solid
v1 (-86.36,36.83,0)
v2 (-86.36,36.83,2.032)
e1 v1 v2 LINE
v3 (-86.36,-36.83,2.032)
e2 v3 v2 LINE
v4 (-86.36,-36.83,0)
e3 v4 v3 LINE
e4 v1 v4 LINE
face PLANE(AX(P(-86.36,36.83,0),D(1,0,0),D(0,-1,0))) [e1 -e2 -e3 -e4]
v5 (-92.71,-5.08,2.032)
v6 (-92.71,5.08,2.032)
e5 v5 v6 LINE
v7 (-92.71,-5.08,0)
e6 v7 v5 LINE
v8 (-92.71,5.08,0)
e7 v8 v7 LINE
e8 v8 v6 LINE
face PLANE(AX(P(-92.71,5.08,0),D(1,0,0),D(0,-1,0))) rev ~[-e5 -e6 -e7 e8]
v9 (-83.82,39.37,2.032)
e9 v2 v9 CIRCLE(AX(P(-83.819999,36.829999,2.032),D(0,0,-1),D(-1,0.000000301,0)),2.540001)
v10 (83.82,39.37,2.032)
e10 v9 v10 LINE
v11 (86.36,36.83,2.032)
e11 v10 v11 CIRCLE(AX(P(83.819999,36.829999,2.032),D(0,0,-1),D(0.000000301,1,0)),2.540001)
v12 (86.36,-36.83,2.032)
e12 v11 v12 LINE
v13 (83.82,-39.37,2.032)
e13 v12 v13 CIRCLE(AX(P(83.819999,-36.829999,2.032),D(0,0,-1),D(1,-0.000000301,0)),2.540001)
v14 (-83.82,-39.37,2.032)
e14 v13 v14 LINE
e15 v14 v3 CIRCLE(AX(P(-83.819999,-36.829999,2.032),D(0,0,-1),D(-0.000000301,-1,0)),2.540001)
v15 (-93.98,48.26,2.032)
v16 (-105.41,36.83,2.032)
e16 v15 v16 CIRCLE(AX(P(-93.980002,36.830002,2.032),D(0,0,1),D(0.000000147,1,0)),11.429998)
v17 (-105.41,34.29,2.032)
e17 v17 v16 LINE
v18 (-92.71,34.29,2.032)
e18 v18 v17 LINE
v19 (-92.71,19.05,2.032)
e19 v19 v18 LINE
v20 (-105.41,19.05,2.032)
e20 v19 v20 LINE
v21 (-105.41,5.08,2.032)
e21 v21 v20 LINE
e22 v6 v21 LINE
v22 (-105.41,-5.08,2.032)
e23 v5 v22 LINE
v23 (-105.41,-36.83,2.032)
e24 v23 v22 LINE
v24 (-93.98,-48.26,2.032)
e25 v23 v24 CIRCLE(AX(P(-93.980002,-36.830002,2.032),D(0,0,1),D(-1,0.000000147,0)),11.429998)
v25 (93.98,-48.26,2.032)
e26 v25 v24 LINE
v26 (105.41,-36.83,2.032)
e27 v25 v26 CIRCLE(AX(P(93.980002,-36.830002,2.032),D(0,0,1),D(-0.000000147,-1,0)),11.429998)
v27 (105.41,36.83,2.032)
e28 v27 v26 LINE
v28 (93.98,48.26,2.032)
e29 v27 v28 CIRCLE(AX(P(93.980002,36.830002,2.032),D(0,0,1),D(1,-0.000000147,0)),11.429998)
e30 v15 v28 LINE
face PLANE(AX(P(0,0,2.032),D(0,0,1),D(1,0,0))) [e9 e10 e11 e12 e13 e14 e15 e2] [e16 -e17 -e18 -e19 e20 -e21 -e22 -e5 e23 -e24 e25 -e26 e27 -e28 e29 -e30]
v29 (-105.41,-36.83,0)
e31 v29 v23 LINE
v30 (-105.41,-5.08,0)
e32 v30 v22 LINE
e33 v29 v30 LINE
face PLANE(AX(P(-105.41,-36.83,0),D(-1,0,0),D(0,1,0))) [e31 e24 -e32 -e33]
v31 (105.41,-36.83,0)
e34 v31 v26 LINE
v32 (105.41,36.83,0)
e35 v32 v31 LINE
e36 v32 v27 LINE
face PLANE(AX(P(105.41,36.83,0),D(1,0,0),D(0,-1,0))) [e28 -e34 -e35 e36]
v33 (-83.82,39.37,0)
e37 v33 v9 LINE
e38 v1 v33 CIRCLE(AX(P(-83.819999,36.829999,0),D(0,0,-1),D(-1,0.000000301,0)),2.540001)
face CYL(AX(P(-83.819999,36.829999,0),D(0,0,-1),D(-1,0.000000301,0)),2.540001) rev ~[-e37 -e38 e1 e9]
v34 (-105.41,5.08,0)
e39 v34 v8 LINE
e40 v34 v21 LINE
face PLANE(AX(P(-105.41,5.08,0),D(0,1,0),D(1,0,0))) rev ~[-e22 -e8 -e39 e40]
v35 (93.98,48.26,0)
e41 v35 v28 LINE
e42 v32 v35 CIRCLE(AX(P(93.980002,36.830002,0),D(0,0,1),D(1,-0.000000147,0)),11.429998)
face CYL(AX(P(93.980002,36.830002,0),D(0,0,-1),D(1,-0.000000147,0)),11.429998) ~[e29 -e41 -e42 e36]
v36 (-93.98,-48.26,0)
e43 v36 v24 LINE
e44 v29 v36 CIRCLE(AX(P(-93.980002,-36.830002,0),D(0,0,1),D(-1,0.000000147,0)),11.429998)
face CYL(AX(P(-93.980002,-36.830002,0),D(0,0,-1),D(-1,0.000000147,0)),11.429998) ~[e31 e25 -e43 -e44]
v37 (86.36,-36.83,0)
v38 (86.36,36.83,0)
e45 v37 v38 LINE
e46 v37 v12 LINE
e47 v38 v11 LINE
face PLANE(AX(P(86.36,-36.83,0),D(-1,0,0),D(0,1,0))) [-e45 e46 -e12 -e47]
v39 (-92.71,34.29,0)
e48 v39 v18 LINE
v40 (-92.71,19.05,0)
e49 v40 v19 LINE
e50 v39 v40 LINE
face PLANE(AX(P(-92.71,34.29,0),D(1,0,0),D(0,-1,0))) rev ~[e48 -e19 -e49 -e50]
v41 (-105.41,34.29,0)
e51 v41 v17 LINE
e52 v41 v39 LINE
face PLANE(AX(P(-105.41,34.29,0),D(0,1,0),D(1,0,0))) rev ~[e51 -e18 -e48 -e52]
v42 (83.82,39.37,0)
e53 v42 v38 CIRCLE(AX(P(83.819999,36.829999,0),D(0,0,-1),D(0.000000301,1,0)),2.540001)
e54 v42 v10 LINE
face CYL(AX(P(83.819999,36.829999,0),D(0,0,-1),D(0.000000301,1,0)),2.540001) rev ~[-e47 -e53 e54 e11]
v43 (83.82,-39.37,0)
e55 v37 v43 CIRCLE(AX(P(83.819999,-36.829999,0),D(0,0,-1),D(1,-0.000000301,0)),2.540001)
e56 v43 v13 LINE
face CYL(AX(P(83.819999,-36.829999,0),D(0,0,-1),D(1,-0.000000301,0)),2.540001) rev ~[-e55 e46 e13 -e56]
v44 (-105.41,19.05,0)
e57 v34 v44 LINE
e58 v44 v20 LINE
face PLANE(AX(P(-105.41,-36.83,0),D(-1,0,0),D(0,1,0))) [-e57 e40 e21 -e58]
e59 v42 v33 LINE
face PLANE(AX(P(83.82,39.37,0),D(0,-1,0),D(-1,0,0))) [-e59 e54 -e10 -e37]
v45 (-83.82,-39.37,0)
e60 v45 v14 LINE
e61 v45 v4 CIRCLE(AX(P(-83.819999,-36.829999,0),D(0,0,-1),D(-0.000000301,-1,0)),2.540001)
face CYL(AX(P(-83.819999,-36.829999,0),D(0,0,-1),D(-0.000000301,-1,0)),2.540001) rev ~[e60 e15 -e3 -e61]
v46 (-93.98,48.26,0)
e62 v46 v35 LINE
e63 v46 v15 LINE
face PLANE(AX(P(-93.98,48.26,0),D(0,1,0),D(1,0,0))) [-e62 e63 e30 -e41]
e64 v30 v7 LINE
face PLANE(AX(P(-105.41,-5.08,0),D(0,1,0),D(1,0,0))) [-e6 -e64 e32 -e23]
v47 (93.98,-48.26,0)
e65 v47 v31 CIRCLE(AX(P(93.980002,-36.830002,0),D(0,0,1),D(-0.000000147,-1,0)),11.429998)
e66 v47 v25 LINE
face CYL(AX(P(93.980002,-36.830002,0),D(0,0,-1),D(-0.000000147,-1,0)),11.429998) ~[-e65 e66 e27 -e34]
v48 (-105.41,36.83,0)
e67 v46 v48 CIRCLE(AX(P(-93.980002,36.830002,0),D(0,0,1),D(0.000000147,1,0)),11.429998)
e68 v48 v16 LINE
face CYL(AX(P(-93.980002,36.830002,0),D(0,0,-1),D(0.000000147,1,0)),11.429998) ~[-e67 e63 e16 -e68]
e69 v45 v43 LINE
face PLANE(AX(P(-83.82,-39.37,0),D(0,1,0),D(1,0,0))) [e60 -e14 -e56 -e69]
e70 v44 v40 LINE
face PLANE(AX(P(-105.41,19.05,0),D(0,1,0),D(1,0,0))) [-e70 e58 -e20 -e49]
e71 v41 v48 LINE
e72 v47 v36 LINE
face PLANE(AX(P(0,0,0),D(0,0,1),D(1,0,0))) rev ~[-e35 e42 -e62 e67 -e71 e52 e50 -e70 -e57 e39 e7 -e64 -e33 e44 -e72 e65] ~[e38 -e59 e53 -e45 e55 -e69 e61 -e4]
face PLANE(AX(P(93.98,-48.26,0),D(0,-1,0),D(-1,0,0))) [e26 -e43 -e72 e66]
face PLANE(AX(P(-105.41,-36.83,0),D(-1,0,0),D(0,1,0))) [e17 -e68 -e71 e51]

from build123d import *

# Parameters (mm, degrees)
PAD_DEPTH     = 2.032
SKETCH002_W   = 12.7
SKETCH002_H   = 10.16
SKETCH002_H_2 = 15.24
POCKET_DEPTH  = 5.0038


with BuildPart() as part:
    # Sketch → Pad (new body)
    with BuildSketch(Plane.XY):
        with BuildLine():
            ThreePointArc((-93.98, 48.26), (-102.062231, 44.912231), (-105.41, 36.83))
            Line((-105.41, -36.83), (-105.41, 36.83))
            ThreePointArc((-105.41, -36.83), (-102.062231, -44.912231), (-93.98, -48.26))
            Line((93.98, -48.26), (-93.98, -48.26))
            ThreePointArc((93.98, -48.26), (102.062231, -44.912231), (105.41, -36.83))
            Line((105.41, 36.83), (105.41, -36.83))
            ThreePointArc((105.41, 36.83), (102.062231, 44.912231), (93.98, 48.26))
            Line((-93.98, 48.26), (93.98, 48.26))
        make_face()
    extrude(amount=PAD_DEPTH)

    # Sketch002 (on Face9 of Pad) → Pocket (cut)
    with BuildSketch(Plane(origin=(0, 0, 0), x_dir=(1, 0, 0), z_dir=(0, 0, -1))):
        with BuildLine():
            ThreePointArc((-83.82, 39.37), (-85.616051, 38.626051), (-86.36, 36.83))
            Line((-86.36, -36.83), (-86.36, 36.83))
            ThreePointArc((-86.36, -36.83), (-85.616051, -38.626051), (-83.82, -39.37))
            Line((83.82, -39.37), (-83.82, -39.37))
            ThreePointArc((83.82, -39.37), (85.616051, -38.626051), (86.36, -36.83))
            Line((86.36, 36.83), (86.36, -36.83))
            ThreePointArc((86.36, 36.83), (85.616051, 38.626051), (83.82, 39.37))
            Line((-83.82, 39.37), (83.82, 39.37))
        make_face()
        with Locations((-99.06, 0)):
            Rectangle(SKETCH002_W, SKETCH002_H)
        with Locations((-99.06, -26.67)):
            Rectangle(SKETCH002_W, SKETCH002_H_2)
    extrude(amount=-POCKET_DEPTH, mode=Mode.SUBTRACT)


solid = part.part
